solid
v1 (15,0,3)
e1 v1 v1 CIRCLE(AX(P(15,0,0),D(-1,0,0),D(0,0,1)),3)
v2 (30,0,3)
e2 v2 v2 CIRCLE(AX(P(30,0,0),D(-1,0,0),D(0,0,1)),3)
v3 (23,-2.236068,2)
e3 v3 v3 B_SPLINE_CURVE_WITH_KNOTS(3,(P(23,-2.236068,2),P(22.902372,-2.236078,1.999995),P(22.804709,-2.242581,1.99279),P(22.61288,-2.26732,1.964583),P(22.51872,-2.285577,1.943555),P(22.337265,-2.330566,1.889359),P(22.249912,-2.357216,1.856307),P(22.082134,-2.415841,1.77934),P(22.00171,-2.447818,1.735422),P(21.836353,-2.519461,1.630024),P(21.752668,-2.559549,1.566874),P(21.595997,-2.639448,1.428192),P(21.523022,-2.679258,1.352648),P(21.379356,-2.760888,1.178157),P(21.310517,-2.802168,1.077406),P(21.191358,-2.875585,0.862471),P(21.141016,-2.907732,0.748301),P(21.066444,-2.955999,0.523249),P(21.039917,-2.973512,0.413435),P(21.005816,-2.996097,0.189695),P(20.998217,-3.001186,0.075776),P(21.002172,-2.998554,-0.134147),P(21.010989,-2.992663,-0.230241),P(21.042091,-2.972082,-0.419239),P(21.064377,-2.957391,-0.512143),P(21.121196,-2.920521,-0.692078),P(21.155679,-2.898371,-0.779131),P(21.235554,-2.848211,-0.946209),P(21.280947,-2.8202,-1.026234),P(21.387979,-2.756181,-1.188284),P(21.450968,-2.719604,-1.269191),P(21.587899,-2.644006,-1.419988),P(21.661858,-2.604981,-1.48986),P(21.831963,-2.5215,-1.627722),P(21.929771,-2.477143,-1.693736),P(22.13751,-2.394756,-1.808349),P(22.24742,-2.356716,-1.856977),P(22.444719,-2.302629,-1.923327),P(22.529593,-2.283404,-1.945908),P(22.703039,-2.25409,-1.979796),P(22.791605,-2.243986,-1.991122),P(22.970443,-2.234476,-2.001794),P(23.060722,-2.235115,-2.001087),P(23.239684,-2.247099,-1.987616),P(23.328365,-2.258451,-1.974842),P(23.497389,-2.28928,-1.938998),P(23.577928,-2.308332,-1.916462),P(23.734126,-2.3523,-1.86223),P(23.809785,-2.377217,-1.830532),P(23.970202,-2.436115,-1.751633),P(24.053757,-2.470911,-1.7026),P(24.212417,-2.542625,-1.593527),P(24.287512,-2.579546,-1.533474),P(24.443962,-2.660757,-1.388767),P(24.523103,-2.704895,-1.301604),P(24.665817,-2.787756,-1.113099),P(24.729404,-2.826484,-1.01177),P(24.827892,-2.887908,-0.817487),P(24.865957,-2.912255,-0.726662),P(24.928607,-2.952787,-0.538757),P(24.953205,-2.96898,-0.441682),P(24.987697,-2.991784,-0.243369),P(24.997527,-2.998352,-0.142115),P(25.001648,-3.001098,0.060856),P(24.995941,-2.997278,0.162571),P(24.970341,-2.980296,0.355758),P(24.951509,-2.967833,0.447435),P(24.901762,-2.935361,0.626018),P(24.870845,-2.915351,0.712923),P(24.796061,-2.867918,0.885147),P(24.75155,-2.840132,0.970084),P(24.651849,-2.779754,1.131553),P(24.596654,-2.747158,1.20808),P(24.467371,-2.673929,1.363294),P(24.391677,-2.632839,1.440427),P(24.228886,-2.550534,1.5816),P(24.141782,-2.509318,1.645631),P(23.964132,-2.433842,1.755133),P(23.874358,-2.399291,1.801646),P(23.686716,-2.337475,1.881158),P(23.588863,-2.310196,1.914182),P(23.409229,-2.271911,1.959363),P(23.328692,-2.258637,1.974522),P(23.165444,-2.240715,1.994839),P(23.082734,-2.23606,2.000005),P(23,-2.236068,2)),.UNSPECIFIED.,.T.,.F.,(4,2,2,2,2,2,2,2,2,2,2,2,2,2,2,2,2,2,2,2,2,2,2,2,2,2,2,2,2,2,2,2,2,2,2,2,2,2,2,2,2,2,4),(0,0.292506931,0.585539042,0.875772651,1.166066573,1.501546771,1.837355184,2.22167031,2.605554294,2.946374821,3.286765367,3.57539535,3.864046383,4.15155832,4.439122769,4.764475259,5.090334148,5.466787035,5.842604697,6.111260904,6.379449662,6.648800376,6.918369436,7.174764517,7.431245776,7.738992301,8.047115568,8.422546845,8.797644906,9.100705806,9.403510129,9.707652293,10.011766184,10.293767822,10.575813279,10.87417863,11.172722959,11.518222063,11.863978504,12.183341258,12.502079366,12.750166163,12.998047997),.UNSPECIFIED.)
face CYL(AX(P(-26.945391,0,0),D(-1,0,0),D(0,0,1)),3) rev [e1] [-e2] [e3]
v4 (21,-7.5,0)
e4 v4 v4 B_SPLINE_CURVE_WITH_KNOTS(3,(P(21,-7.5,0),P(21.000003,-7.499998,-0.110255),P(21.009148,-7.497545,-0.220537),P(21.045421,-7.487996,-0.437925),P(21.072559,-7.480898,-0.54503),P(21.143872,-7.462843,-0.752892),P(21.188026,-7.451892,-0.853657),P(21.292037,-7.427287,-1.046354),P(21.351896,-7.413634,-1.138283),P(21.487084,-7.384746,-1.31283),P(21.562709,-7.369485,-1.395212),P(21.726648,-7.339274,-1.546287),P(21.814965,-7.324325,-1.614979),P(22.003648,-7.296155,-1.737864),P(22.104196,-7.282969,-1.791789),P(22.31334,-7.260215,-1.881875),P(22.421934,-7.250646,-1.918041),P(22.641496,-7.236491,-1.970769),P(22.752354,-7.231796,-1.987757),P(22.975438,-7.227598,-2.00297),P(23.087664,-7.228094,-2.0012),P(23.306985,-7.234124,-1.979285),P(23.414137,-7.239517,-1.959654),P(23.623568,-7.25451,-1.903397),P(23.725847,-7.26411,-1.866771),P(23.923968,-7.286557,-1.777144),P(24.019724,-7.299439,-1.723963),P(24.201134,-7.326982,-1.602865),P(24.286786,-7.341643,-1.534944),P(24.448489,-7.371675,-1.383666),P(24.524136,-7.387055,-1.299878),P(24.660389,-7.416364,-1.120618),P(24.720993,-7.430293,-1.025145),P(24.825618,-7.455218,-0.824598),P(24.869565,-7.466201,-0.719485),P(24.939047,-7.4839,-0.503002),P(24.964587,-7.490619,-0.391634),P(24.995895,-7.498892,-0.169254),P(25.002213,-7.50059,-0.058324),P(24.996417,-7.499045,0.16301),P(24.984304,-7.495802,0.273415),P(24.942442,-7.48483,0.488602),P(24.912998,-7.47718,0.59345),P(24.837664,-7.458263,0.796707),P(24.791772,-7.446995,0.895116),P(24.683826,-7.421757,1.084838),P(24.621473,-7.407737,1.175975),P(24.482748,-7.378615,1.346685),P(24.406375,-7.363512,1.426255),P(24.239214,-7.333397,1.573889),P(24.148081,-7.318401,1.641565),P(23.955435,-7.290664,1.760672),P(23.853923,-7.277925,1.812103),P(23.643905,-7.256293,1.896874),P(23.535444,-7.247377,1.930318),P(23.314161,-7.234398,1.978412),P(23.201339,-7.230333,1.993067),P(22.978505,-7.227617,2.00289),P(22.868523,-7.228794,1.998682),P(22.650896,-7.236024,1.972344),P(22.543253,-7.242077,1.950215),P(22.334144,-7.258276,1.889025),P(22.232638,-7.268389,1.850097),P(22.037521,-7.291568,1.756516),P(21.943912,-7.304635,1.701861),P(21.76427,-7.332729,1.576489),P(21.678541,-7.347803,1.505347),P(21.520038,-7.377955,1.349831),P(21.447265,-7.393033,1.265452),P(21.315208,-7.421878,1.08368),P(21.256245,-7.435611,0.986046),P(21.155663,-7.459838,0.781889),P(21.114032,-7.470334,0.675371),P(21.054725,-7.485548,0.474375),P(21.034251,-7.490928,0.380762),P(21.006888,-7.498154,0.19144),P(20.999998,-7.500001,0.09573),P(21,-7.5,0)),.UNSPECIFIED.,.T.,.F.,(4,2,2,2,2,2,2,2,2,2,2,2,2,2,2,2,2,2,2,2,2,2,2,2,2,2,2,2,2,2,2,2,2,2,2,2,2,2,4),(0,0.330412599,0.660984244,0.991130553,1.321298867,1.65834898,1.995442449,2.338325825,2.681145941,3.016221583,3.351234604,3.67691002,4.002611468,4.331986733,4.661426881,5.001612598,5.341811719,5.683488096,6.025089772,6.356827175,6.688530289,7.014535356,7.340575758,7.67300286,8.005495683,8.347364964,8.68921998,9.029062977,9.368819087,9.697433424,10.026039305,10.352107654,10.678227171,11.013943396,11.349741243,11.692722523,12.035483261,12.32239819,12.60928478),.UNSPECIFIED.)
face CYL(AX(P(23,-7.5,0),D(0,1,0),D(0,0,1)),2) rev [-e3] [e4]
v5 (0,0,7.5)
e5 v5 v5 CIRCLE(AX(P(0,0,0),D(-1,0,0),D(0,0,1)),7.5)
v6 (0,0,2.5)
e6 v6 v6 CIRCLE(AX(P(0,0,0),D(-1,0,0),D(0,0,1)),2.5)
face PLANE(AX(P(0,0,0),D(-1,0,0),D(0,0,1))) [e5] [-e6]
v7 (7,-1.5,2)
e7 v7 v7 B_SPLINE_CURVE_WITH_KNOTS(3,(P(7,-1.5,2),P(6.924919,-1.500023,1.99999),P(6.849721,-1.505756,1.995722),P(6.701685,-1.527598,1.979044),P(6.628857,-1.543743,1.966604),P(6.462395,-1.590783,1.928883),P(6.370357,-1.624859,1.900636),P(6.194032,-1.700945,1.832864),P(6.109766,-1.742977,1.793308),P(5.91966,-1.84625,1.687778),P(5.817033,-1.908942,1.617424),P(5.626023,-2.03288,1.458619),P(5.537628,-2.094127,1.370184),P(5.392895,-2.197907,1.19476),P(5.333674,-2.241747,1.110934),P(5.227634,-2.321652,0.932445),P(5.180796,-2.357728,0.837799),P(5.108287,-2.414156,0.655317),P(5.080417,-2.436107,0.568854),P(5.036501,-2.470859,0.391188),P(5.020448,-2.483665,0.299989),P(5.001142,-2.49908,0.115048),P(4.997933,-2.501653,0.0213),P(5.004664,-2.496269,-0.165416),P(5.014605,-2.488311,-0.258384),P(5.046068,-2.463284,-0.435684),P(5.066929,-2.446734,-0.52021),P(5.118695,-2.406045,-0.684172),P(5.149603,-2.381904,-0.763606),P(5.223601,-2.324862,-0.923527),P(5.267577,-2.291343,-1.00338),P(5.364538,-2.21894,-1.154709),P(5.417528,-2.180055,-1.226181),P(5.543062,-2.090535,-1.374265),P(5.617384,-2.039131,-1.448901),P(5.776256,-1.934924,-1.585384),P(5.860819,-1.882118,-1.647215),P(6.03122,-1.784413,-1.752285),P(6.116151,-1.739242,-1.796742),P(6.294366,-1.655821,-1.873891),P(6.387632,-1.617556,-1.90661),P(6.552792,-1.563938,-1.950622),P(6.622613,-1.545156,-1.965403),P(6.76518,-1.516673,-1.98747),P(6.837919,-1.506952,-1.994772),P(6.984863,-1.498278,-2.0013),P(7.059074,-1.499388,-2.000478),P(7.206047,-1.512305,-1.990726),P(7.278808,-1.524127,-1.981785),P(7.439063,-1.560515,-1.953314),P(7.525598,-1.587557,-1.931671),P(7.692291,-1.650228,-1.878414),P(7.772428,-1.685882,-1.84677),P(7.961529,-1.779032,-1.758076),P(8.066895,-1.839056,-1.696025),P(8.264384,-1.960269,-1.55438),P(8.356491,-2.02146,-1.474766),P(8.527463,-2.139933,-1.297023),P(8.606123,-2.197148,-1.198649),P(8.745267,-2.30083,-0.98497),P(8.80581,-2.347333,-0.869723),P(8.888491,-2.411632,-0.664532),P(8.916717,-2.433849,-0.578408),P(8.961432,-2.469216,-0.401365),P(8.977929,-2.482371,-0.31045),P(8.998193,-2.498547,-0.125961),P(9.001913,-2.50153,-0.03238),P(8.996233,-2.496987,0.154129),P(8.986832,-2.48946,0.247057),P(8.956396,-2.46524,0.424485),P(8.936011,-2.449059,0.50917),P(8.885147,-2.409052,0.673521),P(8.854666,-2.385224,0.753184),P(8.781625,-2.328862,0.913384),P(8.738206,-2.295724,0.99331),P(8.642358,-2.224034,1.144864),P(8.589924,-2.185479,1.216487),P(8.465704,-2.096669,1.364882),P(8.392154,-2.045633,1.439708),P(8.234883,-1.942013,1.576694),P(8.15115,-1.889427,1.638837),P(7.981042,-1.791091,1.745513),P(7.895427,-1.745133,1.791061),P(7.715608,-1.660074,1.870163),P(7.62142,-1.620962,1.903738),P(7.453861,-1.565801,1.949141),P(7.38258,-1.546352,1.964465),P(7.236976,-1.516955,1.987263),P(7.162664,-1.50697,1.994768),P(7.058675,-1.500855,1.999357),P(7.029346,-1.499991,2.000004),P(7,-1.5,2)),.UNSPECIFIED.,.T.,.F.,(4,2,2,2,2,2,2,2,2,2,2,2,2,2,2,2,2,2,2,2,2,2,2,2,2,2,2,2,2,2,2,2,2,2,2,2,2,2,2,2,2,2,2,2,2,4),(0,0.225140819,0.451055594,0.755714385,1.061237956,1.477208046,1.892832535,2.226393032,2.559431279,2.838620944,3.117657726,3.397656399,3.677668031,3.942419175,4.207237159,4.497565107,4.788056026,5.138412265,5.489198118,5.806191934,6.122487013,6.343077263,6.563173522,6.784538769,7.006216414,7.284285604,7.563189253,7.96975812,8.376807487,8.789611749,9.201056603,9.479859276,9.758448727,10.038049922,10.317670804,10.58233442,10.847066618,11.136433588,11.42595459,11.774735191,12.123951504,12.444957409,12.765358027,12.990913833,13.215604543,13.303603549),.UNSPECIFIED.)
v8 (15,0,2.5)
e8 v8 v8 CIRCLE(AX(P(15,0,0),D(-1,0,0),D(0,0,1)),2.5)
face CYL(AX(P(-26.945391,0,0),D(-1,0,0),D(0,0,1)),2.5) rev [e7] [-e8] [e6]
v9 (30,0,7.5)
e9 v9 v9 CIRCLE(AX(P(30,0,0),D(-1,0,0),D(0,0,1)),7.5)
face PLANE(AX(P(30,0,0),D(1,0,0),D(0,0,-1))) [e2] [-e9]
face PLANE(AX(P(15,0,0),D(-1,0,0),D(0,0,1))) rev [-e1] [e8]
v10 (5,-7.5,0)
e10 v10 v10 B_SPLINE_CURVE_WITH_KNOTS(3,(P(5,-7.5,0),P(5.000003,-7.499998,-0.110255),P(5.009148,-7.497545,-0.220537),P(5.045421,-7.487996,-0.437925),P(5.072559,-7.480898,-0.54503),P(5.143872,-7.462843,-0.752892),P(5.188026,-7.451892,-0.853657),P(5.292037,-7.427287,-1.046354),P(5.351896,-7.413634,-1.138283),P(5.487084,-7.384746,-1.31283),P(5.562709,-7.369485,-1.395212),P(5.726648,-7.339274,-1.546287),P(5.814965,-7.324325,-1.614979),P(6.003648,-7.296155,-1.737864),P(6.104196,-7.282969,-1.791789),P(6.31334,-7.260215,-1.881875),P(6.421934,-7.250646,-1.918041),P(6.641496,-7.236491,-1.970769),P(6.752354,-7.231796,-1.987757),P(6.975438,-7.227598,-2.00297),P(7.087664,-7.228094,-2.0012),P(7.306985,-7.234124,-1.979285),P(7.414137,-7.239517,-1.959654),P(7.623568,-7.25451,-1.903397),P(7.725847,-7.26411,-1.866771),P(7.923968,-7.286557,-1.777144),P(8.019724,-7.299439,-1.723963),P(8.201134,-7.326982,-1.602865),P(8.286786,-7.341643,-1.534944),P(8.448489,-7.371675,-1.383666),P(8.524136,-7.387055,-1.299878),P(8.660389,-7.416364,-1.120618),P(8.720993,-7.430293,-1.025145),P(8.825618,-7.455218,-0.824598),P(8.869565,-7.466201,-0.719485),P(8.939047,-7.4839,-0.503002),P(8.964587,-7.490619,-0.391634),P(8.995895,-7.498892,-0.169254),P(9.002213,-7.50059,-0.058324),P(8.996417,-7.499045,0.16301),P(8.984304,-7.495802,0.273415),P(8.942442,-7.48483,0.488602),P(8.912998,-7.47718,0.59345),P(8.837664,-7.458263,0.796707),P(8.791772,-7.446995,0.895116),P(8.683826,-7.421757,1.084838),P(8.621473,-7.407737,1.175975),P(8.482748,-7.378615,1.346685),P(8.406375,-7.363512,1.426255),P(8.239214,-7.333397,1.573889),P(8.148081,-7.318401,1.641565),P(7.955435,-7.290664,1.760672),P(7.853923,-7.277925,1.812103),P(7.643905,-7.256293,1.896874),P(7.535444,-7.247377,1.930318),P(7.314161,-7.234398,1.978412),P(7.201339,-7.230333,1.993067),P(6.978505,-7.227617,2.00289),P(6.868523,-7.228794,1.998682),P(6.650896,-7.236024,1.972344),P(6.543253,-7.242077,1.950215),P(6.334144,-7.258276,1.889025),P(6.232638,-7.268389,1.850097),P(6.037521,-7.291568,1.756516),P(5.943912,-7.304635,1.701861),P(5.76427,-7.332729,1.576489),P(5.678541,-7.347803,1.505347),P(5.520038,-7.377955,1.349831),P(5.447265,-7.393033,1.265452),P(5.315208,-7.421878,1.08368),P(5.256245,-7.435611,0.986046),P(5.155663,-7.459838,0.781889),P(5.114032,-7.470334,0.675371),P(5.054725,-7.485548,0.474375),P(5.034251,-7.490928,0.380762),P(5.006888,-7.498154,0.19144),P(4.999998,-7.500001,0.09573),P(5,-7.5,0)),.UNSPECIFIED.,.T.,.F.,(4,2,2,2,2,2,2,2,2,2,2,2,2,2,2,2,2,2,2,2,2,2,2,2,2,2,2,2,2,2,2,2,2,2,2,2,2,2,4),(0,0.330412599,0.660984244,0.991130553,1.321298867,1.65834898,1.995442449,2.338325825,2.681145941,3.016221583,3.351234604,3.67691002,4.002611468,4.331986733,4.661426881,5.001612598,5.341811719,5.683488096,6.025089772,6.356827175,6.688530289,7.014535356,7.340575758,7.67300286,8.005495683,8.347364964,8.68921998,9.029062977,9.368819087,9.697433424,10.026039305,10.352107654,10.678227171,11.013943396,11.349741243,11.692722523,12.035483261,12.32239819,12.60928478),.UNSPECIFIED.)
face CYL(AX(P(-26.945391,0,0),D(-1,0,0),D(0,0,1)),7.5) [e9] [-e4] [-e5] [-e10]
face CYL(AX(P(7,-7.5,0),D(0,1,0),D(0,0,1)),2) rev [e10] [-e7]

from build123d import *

# Parameters (mm, degrees)
ESQUISSE1_W             = 15
ESQUISSE1_H             = 4.5
ESQUISSE2_R             = 2
ENL_V_MAT_EXTRU_1_DEPTH = 32.819805153


with BuildPart() as part:
    # Esquisse1 → Révolution1 (revolve)
    with BuildSketch(Plane.XY, mode=Mode.PRIVATE) as r_volution1_sk:
        Polygon((0, 7.5), (0, 2.5), (15, 2.5), (15, 3), (15, 7.5), align=None)
        with Locations((22.5, 5.25)):
            Rectangle(ESQUISSE1_W, ESQUISSE1_H)
    revolve(r_volution1_sk.sketch.rotate(Axis((-26.945391005, 0, 0), (1, 0, 0)), 90), axis=Axis((-26.945391005, 0, 0), (1, 0, 0)))

    # Esquisse2 → Enlèv. mat.-Extru.1 (cut, through all)
    with BuildSketch(Plane(origin=(0, 0, 0), x_dir=(1, 0, 0), z_dir=(0, 1, 0))):
        with Locations(Location((7, 0, 0), (0, 0, 270))):
            Circle(ESQUISSE2_R)
        with Locations(Location((23, 0, 0), (0, 0, 270))):
            Circle(ESQUISSE2_R)
    extrude(amount=-ENL_V_MAT_EXTRU_1_DEPTH, mode=Mode.SUBTRACT)


solid = part.part
